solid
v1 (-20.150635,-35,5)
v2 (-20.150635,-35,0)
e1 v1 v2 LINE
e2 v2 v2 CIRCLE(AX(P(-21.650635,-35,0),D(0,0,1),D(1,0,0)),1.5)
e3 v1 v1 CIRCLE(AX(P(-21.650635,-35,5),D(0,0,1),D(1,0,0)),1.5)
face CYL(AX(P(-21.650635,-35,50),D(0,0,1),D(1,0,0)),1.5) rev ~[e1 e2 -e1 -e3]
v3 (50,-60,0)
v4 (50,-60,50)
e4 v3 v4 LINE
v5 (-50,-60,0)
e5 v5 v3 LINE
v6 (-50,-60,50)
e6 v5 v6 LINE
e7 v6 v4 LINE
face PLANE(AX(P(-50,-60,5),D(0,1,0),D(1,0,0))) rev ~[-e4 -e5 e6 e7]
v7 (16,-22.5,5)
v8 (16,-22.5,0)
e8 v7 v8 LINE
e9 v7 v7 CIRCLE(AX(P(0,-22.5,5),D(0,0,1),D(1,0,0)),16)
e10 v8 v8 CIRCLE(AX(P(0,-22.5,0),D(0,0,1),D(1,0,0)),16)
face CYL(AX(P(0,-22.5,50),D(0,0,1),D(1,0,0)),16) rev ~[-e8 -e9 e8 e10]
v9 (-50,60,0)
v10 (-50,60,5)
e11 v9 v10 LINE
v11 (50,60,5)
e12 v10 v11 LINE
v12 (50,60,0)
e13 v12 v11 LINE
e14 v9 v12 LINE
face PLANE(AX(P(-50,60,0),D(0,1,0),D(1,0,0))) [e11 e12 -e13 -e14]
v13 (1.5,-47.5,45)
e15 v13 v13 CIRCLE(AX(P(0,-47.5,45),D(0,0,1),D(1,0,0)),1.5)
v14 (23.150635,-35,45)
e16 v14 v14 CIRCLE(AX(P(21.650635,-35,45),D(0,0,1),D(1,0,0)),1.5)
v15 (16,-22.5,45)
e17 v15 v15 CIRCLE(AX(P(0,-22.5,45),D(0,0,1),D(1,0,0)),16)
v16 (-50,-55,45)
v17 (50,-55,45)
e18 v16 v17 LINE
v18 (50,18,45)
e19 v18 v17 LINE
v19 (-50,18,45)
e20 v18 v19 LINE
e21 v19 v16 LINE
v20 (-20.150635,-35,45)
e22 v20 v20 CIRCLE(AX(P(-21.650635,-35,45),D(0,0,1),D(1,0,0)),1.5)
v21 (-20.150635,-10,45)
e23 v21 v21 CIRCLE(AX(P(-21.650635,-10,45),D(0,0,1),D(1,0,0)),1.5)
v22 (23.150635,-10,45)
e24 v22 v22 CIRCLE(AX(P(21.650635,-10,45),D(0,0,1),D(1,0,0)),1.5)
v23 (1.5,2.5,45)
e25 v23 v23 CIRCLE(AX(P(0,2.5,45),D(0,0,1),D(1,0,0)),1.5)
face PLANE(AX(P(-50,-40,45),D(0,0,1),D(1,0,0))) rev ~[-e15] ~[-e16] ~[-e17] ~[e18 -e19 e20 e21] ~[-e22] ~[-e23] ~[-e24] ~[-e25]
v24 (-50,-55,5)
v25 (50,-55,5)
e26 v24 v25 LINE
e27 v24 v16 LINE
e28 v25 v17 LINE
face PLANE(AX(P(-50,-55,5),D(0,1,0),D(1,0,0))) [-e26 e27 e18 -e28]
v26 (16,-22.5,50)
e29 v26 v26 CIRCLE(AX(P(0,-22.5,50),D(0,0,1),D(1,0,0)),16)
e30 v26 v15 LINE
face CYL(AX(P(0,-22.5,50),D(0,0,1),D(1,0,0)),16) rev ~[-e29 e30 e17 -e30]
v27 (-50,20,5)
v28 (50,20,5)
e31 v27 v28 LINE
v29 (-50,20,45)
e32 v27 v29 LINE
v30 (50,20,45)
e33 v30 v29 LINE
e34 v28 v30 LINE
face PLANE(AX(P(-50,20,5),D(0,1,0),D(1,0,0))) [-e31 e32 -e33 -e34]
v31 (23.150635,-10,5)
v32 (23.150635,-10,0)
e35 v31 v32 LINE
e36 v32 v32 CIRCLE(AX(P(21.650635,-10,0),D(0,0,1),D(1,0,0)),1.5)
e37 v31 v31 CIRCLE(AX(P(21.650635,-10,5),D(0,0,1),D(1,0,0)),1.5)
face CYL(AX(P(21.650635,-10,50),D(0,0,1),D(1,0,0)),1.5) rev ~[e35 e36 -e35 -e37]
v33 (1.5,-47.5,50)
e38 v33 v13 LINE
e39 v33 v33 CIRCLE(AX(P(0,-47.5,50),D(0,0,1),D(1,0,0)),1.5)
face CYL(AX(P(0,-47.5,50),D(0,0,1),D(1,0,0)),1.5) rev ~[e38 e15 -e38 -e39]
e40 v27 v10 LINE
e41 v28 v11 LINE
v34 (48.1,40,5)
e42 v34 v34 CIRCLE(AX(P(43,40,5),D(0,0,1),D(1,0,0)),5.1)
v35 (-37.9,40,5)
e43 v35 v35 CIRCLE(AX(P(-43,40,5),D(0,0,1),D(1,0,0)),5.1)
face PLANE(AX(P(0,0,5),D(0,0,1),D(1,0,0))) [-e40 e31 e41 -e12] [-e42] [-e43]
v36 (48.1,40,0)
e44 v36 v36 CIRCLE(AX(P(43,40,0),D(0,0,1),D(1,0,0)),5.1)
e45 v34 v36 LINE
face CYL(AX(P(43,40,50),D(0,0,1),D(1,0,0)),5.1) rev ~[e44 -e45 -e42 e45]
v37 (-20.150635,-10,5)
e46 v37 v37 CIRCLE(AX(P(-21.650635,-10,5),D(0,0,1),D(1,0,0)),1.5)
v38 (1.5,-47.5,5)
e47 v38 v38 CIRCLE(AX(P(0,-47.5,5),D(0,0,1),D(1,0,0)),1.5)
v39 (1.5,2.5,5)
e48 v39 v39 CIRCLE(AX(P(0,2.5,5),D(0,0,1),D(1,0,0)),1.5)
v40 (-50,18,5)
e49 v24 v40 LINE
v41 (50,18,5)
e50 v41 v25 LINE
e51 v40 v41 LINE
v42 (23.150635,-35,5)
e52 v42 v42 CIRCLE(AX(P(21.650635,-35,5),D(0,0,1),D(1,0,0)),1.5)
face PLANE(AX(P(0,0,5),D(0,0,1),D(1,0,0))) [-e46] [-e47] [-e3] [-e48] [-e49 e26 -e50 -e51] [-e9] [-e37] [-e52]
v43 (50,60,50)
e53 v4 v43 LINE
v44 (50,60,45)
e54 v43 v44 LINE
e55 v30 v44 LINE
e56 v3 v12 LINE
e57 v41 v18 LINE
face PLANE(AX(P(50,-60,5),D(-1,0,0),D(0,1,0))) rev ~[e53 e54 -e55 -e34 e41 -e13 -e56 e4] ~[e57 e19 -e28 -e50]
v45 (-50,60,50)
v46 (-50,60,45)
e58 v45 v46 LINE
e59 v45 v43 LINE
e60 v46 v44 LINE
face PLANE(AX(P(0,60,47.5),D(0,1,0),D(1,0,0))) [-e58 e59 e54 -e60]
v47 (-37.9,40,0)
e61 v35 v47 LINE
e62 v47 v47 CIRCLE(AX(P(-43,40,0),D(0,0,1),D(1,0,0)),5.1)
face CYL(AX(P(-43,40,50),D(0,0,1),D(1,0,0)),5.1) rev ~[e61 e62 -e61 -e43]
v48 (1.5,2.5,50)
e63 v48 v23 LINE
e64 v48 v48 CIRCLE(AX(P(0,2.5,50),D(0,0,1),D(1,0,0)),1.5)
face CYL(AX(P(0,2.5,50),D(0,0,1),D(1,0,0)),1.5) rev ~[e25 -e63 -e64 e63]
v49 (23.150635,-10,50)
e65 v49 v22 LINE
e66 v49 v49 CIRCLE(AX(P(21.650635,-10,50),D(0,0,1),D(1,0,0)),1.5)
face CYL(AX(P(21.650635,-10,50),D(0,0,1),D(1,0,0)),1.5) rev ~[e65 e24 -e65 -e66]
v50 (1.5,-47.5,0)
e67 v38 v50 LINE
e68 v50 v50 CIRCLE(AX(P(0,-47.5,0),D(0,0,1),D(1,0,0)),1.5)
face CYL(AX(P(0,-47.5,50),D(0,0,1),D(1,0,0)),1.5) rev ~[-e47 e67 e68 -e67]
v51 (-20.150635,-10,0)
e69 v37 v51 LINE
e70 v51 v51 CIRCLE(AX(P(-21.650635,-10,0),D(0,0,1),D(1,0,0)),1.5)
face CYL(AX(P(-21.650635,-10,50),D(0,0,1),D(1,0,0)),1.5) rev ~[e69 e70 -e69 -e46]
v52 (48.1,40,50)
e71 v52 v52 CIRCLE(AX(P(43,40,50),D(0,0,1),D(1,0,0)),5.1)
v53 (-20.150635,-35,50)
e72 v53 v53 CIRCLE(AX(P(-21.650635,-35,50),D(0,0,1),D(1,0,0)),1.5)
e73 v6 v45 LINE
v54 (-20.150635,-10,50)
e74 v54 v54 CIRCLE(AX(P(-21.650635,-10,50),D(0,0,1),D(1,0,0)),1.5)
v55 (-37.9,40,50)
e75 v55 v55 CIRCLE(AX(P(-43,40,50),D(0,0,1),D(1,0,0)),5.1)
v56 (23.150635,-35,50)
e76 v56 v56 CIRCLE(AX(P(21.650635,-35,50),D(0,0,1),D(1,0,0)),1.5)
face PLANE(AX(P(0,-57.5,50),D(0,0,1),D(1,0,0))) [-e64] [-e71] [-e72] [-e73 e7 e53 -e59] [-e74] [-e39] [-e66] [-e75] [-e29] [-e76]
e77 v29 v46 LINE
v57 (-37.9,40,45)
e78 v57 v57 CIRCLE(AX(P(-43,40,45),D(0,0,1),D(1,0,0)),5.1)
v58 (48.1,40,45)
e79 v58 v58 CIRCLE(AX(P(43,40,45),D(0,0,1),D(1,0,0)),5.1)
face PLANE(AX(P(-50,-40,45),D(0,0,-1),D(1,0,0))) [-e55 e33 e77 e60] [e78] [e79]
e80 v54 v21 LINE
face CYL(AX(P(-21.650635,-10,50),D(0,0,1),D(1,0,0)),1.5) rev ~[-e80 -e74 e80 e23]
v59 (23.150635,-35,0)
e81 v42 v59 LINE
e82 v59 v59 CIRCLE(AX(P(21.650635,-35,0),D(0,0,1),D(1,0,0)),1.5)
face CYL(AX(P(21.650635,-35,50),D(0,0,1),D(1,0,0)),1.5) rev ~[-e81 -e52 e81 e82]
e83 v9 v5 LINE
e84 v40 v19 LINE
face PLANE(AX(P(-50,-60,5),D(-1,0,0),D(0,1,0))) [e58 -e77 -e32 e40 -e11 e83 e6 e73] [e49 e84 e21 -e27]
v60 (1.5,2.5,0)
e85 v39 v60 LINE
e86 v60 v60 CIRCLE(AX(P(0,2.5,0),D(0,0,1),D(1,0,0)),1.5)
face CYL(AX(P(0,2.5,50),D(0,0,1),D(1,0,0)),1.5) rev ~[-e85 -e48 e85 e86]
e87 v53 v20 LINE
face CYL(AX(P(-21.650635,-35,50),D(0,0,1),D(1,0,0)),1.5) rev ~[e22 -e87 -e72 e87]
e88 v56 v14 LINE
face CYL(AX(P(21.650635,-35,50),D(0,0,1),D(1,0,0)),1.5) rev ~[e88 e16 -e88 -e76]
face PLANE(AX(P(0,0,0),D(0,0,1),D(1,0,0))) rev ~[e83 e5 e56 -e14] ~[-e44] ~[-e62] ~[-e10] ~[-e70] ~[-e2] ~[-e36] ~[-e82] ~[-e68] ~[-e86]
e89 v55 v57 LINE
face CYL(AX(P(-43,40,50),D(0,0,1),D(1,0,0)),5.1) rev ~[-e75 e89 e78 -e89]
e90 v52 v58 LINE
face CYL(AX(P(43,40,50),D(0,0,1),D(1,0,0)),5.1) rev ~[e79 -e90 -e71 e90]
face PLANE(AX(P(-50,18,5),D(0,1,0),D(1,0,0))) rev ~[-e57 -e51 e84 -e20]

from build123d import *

# Parameters (mm, degrees)
SKETCH1_W                = 100
SKETCH1_H                = 120
BOSS_EXTRUDE1_DEPTH      = 5
SKETCH2_W                = 100
SKETCH2_H                = 2
BOSS_EXTRUDE2_DEPTH      = 45
BOSS_EXTRUDE3_DEPTH      = 40
BOSS_EXTRUDE3_DEPTH_BACK = 60
SKETCH3_W                = 100
SKETCH3_H                = 5
SKETCH6_W                = 100
SKETCH6_H                = 5
BOSS_EXTRUDE4_DEPTH      = 15
SKETCH7_W                = 100
SKETCH7_H                = 5
BOSS_EXTRUDE5_DEPTH      = 45
SKETCH8_R                = 16
SKETCH8_R_2              = 1.5
CUT_EXTRUDE1_DEPTH       = 93.736184955
SKETCH10_R               = 5.1
CUT_EXTRUDE2_DEPTH       = 93.736184955


with BuildPart() as part:
    # Sketch1 → Boss-Extrude1 (new body)
    with BuildSketch(Plane.XY):
        Rectangle(SKETCH1_W, SKETCH1_H)
    extrude(amount=BOSS_EXTRUDE1_DEPTH)

    # Sketch2 → Boss-Extrude2 (add)
    with BuildSketch(Plane.XY.offset(5)):
        with Locations((0, 19)):
            Rectangle(SKETCH2_W, SKETCH2_H)
    extrude(amount=BOSS_EXTRUDE2_DEPTH)

    # Sketch3 → Boss-Extrude3 (add, two sides: drawn at the far end of the back side and taken through both)
    with BuildSketch(Plane(origin=(0, 20, 0), x_dir=(1, 0, 0), z_dir=(0, 1, 0)).offset(-BOSS_EXTRUDE3_DEPTH_BACK)):
        with Locations((0, -47.5)):
            Rectangle(SKETCH3_W, SKETCH3_H)
    extrude(amount=BOSS_EXTRUDE3_DEPTH + BOSS_EXTRUDE3_DEPTH_BACK)

    # Sketch6 → Boss-Extrude4 (add)
    with BuildSketch(Plane.XZ.offset(40)):
        with Locations((0, 47.5)):
            Rectangle(SKETCH6_W, SKETCH6_H)
        with Locations((0, 2.5)):
            Rectangle(SKETCH6_W, SKETCH6_H)
    extrude(amount=BOSS_EXTRUDE4_DEPTH)

    # Sketch7 → Boss-Extrude5 (add)
    with BuildSketch(Plane.XY.offset(5)):
        with Locations((0, -57.5)):
            Rectangle(SKETCH7_W, SKETCH7_H)
    extrude(amount=BOSS_EXTRUDE5_DEPTH)

    # Sketch8 → Cut-Extrude1 (cut, through all)
    with BuildSketch(Plane.XY.offset(50)):
        with Locations((0, -22.5)):
            Circle(SKETCH8_R)
        with Locations((0, 2.5)):
            Circle(SKETCH8_R_2)
        with Locations((21.650635095, -10)):
            Circle(SKETCH8_R_2)
        with Locations((21.650635095, -35)):
            Circle(SKETCH8_R_2)
        with Locations((0, -47.5)):
            Circle(SKETCH8_R_2)
        with Locations((-21.650635095, -35)):
            Circle(SKETCH8_R_2)
        with Locations((-21.650635095, -10)):
            Circle(SKETCH8_R_2)
    extrude(amount=-CUT_EXTRUDE1_DEPTH, mode=Mode.SUBTRACT)

    # Sketch10 → Cut-Extrude2 (cut, through all)
    with BuildSketch(Plane.XY.offset(50)):
        with Locations((-43, 40)):
            Circle(SKETCH10_R)
        with Locations((43, 40)):
            Circle(SKETCH10_R)
    extrude(amount=-CUT_EXTRUDE2_DEPTH, mode=Mode.SUBTRACT)


solid = part.part
